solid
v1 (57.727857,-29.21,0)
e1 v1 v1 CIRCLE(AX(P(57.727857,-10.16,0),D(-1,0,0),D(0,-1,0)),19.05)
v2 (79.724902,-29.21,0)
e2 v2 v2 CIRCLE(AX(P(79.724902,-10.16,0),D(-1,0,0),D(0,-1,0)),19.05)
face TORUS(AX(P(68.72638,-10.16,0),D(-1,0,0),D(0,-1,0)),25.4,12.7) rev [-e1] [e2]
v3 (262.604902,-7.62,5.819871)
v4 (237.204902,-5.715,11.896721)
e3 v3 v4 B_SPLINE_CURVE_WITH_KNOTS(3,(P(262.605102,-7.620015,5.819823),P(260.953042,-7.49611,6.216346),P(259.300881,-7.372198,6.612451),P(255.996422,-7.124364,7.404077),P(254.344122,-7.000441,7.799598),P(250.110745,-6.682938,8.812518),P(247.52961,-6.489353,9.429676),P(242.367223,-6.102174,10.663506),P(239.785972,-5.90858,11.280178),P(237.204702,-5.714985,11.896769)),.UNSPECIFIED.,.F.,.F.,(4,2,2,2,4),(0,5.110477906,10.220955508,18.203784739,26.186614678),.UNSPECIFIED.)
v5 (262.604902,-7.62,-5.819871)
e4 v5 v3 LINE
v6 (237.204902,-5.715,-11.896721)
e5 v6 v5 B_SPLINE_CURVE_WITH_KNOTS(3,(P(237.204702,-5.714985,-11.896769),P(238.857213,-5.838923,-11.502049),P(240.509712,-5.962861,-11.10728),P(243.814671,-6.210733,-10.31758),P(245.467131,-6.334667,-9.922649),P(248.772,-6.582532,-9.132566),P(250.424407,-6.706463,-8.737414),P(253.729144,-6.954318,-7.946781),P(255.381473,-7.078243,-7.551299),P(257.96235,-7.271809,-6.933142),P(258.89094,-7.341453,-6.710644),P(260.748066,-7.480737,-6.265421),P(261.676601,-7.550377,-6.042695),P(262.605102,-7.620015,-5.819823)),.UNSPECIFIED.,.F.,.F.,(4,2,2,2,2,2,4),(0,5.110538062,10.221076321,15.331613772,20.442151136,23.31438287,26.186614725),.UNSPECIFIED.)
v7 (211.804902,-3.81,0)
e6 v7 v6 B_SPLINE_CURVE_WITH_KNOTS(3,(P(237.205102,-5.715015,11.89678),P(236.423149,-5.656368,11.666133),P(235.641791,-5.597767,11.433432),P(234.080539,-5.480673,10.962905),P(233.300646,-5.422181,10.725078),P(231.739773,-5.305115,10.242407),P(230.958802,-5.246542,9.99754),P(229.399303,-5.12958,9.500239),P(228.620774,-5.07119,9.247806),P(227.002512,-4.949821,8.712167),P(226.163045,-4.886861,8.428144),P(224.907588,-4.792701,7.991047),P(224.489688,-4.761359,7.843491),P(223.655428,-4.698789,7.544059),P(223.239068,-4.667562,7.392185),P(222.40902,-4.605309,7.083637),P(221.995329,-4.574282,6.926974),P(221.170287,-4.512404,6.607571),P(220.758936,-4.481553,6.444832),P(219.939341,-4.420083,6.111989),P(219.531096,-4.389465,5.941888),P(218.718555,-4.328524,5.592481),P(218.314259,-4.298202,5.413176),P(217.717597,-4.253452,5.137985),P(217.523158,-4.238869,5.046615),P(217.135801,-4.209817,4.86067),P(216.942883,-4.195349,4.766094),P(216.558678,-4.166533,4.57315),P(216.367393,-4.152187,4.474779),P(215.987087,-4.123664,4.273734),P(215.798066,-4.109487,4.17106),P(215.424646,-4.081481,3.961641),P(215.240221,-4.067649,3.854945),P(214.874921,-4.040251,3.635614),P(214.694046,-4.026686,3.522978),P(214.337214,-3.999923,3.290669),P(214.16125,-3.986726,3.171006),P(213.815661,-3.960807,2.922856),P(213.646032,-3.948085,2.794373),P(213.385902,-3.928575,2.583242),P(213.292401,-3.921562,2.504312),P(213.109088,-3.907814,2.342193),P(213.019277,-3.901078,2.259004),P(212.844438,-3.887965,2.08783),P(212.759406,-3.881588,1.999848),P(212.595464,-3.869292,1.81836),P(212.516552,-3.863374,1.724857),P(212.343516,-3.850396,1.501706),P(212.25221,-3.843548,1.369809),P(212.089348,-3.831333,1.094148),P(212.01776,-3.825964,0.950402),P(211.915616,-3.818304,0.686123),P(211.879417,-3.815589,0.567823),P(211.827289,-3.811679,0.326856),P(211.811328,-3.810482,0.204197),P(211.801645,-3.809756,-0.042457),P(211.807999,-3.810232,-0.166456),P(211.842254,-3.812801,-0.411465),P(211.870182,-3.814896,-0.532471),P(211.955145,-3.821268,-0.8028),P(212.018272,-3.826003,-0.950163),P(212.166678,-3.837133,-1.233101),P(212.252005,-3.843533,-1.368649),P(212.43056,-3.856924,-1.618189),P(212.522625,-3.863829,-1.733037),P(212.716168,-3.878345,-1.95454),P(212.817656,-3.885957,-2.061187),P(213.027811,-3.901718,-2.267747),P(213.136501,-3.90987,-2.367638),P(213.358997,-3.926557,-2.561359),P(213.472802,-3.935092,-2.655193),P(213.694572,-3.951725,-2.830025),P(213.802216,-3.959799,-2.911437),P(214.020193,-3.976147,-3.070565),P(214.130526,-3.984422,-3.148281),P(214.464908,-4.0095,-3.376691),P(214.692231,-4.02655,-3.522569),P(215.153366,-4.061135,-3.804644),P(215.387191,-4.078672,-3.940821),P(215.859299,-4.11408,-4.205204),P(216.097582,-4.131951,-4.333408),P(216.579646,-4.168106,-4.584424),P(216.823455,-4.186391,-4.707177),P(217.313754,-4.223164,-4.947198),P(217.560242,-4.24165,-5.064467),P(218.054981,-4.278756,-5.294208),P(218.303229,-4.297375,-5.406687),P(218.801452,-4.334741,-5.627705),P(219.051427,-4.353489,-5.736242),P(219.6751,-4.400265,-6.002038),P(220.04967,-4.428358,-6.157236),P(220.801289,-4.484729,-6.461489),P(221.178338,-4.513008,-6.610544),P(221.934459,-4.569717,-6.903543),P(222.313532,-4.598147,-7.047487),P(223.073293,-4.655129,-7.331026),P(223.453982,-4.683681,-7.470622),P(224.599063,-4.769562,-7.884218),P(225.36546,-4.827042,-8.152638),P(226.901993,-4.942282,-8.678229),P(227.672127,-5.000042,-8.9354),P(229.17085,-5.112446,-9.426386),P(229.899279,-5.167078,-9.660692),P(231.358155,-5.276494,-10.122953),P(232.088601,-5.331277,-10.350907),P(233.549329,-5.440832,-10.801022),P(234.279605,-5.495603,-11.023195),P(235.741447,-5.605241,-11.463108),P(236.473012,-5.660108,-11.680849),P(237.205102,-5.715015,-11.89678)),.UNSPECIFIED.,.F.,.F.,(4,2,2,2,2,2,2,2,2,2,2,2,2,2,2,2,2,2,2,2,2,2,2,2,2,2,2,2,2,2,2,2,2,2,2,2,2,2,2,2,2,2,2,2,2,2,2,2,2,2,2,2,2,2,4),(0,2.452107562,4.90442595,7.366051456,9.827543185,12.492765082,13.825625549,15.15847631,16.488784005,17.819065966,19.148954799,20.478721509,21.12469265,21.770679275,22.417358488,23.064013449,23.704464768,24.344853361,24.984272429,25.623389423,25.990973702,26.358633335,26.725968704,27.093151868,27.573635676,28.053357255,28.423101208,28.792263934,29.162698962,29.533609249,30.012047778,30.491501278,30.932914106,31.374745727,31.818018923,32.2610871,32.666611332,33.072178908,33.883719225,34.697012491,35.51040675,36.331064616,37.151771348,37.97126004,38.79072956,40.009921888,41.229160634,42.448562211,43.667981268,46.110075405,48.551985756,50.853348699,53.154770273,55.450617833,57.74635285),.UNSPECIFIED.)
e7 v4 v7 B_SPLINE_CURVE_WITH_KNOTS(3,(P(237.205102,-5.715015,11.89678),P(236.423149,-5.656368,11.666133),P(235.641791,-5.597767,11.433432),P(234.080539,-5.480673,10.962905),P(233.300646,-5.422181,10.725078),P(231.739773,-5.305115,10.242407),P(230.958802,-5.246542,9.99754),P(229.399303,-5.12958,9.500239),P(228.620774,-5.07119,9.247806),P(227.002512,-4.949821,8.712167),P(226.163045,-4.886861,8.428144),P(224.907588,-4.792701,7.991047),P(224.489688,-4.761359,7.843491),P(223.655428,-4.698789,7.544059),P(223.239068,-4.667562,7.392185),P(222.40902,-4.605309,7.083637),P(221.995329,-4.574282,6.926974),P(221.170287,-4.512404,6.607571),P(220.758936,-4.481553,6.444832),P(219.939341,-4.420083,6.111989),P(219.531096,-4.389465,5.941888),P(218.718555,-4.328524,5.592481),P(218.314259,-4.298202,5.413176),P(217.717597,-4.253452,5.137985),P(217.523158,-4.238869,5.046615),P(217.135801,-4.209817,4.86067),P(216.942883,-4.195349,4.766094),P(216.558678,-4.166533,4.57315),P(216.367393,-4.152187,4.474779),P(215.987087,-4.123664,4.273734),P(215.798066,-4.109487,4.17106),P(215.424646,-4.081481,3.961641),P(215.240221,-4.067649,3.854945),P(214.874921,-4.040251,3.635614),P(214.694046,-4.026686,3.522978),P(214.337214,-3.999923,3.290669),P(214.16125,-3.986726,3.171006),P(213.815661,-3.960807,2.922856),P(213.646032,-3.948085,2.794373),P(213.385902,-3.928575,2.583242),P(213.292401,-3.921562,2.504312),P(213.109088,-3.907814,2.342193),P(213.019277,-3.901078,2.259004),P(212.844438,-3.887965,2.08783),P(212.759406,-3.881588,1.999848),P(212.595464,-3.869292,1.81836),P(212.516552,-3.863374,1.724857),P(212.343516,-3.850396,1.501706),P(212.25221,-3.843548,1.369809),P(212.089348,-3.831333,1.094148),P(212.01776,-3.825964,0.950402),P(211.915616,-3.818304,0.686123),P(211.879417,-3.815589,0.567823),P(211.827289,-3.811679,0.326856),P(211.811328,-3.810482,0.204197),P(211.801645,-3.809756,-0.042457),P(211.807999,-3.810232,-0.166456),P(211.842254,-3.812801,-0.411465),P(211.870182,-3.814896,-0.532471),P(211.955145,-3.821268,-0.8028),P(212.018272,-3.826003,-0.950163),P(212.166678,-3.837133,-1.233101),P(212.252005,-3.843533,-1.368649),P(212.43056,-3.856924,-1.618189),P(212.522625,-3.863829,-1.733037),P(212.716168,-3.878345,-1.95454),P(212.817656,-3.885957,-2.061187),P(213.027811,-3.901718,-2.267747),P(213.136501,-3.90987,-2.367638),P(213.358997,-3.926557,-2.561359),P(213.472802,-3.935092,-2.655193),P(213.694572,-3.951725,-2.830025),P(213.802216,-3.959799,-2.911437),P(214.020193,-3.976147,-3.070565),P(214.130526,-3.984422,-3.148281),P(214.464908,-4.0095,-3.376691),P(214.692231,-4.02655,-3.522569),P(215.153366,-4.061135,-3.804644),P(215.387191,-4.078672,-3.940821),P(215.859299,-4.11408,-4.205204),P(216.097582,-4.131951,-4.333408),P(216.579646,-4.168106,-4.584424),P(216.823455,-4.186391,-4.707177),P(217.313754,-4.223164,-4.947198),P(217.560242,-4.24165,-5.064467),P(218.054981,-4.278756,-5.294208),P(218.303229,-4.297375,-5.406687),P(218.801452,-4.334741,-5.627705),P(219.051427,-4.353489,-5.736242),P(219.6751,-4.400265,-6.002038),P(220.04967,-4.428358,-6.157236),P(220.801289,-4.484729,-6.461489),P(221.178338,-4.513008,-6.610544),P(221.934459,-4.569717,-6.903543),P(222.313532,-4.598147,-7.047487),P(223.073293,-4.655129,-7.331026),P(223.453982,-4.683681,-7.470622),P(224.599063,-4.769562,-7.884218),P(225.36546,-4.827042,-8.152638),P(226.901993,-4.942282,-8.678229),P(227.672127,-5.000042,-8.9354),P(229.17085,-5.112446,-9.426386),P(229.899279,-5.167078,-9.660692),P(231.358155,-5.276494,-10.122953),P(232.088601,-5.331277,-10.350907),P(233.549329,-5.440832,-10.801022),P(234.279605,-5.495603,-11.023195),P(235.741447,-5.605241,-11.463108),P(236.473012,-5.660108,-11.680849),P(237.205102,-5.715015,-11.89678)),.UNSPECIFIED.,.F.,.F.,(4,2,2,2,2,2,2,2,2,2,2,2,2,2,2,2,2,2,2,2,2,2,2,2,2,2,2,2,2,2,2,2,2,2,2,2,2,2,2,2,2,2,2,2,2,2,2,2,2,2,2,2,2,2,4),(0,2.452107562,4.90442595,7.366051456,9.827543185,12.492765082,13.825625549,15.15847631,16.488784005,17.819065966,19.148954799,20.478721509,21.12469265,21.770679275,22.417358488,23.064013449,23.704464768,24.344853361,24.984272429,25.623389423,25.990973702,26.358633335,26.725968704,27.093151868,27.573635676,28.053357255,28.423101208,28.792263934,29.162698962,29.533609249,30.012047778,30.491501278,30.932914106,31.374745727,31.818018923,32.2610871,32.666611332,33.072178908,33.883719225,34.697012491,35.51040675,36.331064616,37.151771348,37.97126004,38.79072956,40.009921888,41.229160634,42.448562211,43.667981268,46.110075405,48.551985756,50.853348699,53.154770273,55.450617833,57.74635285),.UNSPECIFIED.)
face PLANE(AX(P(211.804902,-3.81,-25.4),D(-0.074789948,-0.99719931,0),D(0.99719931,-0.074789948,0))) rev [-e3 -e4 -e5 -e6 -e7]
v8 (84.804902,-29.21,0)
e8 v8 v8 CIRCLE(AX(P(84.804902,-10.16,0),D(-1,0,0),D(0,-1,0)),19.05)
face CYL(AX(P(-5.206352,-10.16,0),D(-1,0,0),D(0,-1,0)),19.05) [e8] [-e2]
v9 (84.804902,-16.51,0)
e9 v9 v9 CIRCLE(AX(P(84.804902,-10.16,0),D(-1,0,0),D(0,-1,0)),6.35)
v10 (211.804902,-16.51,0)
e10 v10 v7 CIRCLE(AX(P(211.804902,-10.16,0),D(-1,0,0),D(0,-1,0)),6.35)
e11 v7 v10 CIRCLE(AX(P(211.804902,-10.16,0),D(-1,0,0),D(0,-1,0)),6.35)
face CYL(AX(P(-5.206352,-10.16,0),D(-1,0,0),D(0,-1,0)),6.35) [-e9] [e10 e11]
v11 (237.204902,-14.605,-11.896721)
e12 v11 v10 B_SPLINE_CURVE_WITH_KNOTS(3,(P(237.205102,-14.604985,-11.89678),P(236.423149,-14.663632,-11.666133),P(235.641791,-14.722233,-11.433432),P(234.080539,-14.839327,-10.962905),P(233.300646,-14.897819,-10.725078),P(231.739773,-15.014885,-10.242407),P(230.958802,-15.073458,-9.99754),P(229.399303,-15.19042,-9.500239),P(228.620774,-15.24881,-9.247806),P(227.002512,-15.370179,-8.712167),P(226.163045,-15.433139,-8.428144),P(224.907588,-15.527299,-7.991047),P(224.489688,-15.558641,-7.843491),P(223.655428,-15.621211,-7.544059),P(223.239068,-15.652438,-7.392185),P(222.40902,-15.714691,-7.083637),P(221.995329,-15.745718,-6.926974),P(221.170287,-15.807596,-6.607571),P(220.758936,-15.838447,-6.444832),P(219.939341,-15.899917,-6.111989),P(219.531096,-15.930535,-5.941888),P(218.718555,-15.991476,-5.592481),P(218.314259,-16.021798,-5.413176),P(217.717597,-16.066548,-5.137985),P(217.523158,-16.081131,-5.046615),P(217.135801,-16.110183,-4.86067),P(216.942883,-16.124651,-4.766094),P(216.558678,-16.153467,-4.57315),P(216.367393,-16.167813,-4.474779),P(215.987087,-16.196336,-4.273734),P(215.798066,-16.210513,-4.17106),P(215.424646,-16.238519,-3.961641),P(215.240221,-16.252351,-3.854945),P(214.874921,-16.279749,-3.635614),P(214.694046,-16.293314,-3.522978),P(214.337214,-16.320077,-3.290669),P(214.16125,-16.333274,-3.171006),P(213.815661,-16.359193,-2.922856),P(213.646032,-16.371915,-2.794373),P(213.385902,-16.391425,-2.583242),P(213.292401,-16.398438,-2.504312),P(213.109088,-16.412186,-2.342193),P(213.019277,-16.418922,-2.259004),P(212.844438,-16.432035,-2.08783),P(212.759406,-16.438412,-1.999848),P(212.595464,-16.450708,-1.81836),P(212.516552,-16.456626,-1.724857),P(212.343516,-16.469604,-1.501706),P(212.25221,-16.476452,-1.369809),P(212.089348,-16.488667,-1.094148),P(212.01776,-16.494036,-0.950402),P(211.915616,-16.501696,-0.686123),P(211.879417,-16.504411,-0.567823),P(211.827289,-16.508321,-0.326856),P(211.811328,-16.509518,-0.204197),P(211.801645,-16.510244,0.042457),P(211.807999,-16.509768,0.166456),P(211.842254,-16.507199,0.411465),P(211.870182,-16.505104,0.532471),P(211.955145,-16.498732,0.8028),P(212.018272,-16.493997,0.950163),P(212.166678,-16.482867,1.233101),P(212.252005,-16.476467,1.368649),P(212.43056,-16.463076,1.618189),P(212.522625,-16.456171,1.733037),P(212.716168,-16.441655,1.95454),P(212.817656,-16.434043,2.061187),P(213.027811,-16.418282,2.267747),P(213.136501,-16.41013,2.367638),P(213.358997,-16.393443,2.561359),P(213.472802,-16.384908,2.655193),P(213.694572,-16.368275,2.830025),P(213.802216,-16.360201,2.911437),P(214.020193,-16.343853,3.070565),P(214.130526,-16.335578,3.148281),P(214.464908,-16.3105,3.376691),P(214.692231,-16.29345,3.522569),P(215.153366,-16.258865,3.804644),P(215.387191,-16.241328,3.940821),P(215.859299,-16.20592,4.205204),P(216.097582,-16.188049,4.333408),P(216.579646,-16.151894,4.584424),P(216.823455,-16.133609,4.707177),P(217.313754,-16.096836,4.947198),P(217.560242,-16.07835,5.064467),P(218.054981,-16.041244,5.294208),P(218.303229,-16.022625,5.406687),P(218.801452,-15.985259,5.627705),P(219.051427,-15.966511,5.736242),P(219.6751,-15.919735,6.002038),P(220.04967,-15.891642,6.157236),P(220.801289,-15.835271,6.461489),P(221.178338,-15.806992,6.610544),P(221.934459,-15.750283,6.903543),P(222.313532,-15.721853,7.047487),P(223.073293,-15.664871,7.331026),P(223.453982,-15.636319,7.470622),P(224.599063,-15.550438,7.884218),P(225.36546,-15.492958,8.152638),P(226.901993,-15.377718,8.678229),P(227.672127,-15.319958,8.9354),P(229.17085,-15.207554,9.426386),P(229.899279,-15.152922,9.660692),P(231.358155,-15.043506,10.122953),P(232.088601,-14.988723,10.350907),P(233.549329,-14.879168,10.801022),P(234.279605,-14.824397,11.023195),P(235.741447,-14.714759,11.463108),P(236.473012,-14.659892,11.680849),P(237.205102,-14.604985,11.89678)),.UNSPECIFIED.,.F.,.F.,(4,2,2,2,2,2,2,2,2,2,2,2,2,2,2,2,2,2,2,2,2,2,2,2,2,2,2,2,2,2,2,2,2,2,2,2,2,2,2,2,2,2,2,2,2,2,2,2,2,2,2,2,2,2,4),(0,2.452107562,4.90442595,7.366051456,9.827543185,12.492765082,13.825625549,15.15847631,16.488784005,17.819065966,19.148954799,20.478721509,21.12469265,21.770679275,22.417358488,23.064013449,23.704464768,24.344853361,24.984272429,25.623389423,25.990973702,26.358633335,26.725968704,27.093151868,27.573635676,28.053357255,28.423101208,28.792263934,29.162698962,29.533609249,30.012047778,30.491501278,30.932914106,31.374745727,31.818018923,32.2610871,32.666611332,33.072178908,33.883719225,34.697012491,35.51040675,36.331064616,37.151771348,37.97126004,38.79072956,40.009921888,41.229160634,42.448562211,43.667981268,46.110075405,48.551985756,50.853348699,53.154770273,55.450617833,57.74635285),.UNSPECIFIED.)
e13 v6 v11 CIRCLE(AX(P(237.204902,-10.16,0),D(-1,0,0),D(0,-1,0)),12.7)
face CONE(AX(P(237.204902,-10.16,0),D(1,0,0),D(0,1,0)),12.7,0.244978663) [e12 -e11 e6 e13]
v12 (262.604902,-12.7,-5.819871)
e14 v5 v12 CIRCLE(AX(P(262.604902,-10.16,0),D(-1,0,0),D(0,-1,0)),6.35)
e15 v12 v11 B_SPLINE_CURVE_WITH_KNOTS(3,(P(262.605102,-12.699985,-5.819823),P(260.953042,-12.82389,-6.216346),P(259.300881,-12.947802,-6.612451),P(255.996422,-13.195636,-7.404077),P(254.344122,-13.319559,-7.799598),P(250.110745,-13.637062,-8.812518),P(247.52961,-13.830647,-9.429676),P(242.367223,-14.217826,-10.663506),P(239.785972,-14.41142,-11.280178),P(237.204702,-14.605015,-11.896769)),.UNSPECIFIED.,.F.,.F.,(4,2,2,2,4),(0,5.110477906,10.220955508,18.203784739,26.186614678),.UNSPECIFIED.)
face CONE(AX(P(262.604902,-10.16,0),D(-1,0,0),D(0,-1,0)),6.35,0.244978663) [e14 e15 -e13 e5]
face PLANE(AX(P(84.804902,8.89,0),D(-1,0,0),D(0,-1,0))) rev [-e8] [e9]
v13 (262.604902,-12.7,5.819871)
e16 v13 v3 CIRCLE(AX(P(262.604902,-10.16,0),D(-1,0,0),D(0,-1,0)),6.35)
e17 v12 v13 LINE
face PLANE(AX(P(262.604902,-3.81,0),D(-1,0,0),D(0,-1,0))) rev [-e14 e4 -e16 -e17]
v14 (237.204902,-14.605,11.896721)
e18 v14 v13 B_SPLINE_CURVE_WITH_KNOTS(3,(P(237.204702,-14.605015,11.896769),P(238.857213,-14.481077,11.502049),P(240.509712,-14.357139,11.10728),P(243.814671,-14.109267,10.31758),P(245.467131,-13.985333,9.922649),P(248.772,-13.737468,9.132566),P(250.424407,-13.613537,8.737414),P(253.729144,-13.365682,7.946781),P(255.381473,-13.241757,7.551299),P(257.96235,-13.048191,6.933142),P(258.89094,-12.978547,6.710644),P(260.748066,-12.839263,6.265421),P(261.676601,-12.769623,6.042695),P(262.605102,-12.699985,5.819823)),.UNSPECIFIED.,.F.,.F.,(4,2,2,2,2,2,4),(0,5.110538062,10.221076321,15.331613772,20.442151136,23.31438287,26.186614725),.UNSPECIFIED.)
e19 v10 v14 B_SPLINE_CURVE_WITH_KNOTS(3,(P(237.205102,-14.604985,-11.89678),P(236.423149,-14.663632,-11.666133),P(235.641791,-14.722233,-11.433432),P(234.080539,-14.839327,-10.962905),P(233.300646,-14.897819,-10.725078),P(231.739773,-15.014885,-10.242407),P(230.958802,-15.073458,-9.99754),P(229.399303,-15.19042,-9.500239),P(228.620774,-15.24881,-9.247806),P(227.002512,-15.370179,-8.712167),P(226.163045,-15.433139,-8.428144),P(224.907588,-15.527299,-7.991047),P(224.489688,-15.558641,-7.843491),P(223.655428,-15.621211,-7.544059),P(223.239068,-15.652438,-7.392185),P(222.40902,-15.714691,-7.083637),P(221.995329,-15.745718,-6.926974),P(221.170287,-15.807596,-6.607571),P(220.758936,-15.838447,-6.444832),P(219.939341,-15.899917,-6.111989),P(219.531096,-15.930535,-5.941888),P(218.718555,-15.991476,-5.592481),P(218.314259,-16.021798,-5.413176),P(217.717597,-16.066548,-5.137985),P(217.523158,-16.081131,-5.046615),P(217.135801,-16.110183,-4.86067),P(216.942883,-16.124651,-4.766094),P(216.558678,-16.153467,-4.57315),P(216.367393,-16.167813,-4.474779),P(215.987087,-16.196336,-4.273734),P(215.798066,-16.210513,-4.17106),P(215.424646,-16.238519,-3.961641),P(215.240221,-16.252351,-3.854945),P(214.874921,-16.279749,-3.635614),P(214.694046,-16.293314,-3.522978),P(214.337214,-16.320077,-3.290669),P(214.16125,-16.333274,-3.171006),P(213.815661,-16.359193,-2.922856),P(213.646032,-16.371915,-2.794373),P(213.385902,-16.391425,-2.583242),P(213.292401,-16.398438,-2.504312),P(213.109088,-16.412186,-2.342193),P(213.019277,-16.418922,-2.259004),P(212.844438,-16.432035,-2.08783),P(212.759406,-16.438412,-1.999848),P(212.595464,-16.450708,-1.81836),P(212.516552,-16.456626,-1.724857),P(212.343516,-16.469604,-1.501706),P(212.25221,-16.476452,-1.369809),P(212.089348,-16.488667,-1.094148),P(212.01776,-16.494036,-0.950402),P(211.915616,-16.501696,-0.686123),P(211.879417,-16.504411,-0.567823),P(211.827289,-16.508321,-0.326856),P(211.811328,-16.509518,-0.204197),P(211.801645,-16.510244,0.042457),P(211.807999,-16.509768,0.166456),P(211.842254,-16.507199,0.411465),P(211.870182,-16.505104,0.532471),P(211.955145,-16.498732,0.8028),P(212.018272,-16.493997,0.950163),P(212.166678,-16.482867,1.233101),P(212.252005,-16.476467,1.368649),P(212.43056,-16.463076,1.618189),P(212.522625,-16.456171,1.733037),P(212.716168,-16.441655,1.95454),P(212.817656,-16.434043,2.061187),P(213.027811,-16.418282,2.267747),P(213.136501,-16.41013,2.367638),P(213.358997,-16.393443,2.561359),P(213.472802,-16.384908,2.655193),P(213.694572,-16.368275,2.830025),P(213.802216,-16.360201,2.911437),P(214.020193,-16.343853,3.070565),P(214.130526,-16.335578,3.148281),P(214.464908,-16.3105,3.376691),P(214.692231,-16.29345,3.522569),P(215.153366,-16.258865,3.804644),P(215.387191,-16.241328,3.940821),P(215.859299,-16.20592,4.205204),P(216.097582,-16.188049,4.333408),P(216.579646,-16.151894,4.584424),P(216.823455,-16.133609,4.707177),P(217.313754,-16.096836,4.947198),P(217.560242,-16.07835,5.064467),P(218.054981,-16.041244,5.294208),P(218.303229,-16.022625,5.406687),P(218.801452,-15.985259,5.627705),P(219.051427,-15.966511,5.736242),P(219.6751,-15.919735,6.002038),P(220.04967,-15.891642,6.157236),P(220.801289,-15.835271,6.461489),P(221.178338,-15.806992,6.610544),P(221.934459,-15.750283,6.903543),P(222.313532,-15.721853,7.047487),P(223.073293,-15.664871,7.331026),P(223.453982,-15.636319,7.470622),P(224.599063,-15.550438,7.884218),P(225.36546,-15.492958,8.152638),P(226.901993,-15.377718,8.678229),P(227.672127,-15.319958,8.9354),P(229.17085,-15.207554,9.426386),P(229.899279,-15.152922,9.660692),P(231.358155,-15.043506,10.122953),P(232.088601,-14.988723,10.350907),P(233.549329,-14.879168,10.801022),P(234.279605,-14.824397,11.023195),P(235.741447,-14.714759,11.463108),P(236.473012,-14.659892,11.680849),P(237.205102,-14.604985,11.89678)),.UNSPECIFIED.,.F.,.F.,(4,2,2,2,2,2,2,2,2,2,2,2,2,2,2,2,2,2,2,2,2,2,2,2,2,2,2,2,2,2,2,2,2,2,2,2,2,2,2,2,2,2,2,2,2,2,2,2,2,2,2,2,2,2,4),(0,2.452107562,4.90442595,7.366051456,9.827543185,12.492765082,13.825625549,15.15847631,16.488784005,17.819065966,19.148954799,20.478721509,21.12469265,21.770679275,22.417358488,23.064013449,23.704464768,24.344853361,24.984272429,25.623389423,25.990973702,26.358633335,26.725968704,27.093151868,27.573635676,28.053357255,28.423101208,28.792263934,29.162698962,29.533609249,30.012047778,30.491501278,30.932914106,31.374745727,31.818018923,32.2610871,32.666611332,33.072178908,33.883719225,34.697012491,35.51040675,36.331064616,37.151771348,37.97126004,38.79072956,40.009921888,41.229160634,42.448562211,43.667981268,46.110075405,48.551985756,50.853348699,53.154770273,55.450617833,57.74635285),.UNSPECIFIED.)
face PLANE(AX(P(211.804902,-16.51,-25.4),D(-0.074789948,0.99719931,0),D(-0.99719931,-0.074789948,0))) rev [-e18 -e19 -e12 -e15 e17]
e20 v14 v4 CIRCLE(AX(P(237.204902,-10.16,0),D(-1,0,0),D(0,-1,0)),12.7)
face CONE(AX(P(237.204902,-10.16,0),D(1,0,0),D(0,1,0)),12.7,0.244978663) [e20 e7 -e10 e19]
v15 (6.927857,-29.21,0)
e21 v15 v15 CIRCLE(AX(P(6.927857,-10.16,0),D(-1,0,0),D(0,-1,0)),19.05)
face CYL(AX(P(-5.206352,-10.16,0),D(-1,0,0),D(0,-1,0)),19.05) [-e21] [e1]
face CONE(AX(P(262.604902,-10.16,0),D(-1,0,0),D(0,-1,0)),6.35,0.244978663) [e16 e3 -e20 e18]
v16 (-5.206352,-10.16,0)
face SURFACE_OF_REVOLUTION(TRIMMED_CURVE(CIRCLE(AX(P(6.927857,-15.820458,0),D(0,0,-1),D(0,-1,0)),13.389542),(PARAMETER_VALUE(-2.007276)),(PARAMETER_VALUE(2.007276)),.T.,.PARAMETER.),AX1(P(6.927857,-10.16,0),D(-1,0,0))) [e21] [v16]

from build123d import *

# Parameters (mm, degrees)
CUT_EXTRUDE2_DEPTH = 25.4


with BuildPart() as part:
    # Sketch1 → Revolve6 (revolve)
    with BuildSketch(Plane.XY, mode=Mode.PRIVATE) as revolve6_sk:
        with BuildLine():
            Line((6.927857085, 8.89), (57.727857085, 8.89))
            ThreePointArc((57.727857085, 8.89), (68.726379713, 2.54), (79.724902341, 8.89))
            Line((79.724902341, 8.89), (84.804902341, 8.89))
            Line((84.804902341, 8.89), (84.804902341, -3.81))
            Line((84.804902341, -3.81), (211.804902341, -3.81))
            Line((211.804902341, -3.81), (237.204902341, 2.54))
            Line((237.204902341, 2.54), (262.604902341, -3.81))
            Line((262.604902341, -3.81), (262.604902341, -10.16))
            Line((262.604902341, -10.16), (-5.206352051, -10.16))
            ThreePointArc((-5.206352051, -10.16), (-4.365299375, 2.693819245), (6.927857085, 8.89))
        make_face()
    revolve(revolve6_sk.sketch.rotate(Axis((-5.206352051, -10.16, 0), (1, 0, 0)), 180), axis=Axis((-5.206352051, -10.16, 0), (1, 0, 0)))

    # Sketch3 → Cut-Extrude2 (cut, symmetric)
    with BuildSketch(Plane.XY):
        Polygon((211.804902341, -3.81), (262.604902341, -7.62), (262.604902341, 19.982961782), (211.804902341, 19.982961782), align=None)
        Polygon((262.604902341, -40.302961782), (262.604902341, -12.7), (211.804902341, -16.51), (211.804902341, -40.302961782), align=None)
    extrude(amount=CUT_EXTRUDE2_DEPTH, both=True, mode=Mode.SUBTRACT)


solid = part.part
